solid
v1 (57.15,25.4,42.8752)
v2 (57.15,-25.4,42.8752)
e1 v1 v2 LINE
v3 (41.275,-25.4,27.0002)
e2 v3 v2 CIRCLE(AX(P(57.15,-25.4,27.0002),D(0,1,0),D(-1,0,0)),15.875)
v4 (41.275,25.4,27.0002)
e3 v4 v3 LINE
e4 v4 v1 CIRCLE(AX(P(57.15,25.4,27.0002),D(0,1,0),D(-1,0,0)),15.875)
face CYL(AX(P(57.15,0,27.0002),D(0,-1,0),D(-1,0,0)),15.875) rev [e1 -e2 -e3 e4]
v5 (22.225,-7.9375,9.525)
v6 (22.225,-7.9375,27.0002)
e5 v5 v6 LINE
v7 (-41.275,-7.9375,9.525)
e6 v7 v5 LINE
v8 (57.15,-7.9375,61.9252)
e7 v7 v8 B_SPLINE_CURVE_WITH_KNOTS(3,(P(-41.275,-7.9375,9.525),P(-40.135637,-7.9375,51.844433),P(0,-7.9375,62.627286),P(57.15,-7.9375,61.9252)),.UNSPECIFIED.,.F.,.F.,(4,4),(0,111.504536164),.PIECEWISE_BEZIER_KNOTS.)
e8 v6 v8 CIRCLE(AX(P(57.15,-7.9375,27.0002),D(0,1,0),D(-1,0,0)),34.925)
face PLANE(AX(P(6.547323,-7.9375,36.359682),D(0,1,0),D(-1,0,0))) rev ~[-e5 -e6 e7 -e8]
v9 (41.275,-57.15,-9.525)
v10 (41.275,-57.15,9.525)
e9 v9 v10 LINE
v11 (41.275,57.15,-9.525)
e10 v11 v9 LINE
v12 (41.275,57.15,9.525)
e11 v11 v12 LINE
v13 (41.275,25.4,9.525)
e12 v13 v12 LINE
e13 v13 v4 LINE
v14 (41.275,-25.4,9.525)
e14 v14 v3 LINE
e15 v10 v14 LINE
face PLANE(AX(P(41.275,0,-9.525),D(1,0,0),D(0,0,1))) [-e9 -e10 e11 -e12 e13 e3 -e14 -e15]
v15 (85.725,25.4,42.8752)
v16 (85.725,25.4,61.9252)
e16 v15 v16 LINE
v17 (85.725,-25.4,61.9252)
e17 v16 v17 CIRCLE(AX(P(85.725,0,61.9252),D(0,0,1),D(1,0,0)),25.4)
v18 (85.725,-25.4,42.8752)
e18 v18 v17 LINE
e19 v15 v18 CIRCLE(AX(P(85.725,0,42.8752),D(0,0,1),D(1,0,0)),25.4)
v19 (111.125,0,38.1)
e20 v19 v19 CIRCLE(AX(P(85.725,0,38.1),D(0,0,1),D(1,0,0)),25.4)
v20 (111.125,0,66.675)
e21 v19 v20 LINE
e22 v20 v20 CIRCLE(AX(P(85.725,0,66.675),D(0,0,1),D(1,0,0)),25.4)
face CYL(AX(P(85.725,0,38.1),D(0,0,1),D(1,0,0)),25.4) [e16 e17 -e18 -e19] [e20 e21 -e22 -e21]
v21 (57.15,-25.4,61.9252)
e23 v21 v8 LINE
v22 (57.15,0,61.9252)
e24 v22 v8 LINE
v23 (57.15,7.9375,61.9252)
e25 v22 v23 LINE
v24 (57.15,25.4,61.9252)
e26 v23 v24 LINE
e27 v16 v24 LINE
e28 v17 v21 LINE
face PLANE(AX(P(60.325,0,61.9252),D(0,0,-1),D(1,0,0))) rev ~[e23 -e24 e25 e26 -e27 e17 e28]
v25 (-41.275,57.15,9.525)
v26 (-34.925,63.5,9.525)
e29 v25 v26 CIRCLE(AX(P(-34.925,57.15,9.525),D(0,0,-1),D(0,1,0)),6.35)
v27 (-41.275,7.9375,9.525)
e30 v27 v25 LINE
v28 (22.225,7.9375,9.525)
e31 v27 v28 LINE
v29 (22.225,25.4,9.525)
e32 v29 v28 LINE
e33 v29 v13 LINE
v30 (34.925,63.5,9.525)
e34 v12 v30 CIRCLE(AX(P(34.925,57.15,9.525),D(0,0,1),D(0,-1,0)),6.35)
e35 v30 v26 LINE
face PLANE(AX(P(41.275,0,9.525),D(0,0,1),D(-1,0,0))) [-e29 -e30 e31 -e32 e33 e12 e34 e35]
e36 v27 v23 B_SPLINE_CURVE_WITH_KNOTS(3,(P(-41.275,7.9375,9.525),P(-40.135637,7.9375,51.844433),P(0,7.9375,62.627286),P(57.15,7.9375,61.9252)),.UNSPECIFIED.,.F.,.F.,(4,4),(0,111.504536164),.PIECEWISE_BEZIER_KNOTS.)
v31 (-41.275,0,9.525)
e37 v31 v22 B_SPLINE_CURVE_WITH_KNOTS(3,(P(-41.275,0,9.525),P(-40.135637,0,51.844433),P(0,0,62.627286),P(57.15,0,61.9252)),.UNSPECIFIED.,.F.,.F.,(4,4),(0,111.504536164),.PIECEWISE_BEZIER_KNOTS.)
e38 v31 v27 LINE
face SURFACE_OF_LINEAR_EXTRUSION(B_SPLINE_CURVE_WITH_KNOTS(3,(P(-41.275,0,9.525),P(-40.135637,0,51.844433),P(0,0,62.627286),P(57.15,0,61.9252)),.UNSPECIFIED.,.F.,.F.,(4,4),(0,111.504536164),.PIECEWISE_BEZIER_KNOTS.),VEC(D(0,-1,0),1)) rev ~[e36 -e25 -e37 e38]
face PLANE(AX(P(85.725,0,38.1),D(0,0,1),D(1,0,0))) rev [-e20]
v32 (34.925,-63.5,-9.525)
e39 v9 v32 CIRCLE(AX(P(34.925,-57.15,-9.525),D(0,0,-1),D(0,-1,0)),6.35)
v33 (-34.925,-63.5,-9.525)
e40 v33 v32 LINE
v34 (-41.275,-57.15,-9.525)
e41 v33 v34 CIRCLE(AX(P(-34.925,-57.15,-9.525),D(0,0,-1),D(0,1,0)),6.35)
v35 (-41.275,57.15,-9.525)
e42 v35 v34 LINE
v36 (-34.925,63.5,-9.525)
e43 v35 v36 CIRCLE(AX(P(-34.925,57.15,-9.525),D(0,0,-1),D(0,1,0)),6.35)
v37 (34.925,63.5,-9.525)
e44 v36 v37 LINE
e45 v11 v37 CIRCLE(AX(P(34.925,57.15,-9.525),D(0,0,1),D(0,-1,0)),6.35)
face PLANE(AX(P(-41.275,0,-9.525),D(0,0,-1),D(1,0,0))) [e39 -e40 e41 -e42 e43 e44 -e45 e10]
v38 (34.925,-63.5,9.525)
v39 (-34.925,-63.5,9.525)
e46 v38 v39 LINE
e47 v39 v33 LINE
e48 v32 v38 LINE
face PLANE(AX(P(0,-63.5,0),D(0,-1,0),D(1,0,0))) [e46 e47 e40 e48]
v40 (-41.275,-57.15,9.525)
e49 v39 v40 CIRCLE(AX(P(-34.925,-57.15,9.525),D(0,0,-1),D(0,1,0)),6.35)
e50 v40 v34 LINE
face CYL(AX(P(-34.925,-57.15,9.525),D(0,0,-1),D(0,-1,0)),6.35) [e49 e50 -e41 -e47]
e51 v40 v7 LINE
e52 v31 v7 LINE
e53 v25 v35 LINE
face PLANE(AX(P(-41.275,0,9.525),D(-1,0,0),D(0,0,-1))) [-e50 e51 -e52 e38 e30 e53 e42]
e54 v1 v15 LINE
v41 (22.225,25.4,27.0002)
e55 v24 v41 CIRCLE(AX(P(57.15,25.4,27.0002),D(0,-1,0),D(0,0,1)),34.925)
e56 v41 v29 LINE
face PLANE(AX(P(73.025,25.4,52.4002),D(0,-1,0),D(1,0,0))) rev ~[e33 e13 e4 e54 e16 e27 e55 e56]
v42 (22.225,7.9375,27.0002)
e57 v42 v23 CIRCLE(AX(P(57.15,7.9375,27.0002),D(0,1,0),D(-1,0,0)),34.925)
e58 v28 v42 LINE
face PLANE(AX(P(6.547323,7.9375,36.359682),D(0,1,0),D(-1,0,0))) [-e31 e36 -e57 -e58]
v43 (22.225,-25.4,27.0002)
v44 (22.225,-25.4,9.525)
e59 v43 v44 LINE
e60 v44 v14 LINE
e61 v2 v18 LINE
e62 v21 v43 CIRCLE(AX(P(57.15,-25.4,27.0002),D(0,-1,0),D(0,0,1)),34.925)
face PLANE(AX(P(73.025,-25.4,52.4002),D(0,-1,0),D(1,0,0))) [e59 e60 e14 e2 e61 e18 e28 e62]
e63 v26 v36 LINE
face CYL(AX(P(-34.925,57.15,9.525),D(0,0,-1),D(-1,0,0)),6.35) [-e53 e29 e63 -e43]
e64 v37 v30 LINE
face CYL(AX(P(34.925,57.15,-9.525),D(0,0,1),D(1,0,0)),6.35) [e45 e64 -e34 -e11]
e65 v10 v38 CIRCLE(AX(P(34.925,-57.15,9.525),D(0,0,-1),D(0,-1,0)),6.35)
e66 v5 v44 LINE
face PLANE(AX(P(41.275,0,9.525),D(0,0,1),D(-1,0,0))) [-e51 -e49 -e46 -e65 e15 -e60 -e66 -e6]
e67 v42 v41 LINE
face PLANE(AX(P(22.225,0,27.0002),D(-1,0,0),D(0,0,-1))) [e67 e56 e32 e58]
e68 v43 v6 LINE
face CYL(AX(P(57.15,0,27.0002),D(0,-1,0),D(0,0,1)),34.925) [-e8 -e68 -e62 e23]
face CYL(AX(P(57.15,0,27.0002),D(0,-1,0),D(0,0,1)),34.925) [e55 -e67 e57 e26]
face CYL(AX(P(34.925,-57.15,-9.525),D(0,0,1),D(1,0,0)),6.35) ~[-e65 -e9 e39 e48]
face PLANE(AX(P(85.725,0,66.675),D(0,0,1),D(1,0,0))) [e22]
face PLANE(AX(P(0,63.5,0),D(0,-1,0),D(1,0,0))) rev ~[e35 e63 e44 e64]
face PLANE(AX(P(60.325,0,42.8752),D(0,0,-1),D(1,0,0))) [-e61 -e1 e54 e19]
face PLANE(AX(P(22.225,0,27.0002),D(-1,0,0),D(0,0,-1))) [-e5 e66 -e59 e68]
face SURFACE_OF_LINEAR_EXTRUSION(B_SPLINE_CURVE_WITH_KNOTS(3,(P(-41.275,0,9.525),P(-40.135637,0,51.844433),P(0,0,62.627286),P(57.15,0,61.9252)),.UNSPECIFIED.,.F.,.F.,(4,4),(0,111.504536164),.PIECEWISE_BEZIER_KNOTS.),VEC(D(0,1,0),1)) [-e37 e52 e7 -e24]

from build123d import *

# Parameters (mm, degrees)
F1_DEPTH = 63.5
F2_DEPTH = 25.4
F0_W     = 25.4
F0_H     = 19.05
F3_DEPTH = 25.4
F4_DEPTH = 7.9375
F6_R     = 6.35


with BuildPart() as f1:
    # F0 (on Front) → F1 (new body, symmetric)
    with BuildSketch(Plane.XZ):
        Polygon((22.225, 9.525), (-41.275, 9.525), (-41.275, -9.525), (41.275, -9.525), (41.275, 9.525), align=None)
    extrude(amount=F1_DEPTH, both=True)

    # F0 (on Front) → F2 (join, symmetric)
    with BuildSketch(Plane.XZ):
        with BuildLine():
            Line((22.225, 27.0002), (22.225, 9.525))
            Line((22.225, 9.525), (41.275, 9.525))
            Line((41.275, 9.525), (41.275, 27.0002))
            ThreePointArc((41.275, 27.0002), (45.9246798487, 38.2255201513), (57.15, 42.8752))
            Line((57.15, 42.8752), (60.325, 42.8752))
            Line((60.325, 42.8752), (60.325, 61.9252))
            Line((60.325, 61.9252), (57.15, 61.9252))
            ThreePointArc((57.15, 61.9252), (32.4542956671, 51.6959043329), (22.225, 27.0002))
        make_face()
    extrude(amount=F2_DEPTH, both=True)

    # F0 (on Front) → F3 (join, symmetric)
    with BuildSketch(Plane.XZ):
        with Locations((73.025, 52.4002)):
            Rectangle(F0_W, F0_H)
    extrude(amount=F3_DEPTH, both=True)

    # F0 (on Front) → F4 (join, symmetric)
    with BuildSketch(Plane.XZ):
        with BuildLine():
            add(Edge.make_bspline(
                [(-41.275, 9.525), (-40.1356369257, 51.84443295), (0, 62.6272857189), (57.15, 61.9252)],
                knots=[0, 0, 0, 0, 111.5045361635, 111.5045361635, 111.5045361635, 111.5045361635], degree=3))
            Line((-41.275, 9.525), (22.225, 9.525))
            Line((22.225, 9.525), (22.225, 27.0002))
            ThreePointArc((22.225, 27.0002), (32.4542956671, 51.6959043329), (57.15, 61.9252))
        make_face()
    extrude(amount=F4_DEPTH, both=True)

    # F0 (on Front) → F5 (revolve)
    with BuildSketch(Plane.XZ):
        Polygon((85.725, 66.675), (85.725, 61.9252), (85.725, 42.8752), (85.725, 38.1), (111.125, 38.1), (111.125, 66.675), align=None)
    revolve(axis=Axis((85.725, 0, 52.3875), (0, 0, 1)))

    # F6
    f6_edges = [f1.edges().sort_by_distance(p)[0] for p in [
        (41.275, -63.5, 0),
        (-41.275, -63.5, 0),
        (41.275, 63.5, 0),
        (-41.275, 63.5, 0),
    ]]
    fillet(f6_edges, radius=F6_R)


solid = f1.part
